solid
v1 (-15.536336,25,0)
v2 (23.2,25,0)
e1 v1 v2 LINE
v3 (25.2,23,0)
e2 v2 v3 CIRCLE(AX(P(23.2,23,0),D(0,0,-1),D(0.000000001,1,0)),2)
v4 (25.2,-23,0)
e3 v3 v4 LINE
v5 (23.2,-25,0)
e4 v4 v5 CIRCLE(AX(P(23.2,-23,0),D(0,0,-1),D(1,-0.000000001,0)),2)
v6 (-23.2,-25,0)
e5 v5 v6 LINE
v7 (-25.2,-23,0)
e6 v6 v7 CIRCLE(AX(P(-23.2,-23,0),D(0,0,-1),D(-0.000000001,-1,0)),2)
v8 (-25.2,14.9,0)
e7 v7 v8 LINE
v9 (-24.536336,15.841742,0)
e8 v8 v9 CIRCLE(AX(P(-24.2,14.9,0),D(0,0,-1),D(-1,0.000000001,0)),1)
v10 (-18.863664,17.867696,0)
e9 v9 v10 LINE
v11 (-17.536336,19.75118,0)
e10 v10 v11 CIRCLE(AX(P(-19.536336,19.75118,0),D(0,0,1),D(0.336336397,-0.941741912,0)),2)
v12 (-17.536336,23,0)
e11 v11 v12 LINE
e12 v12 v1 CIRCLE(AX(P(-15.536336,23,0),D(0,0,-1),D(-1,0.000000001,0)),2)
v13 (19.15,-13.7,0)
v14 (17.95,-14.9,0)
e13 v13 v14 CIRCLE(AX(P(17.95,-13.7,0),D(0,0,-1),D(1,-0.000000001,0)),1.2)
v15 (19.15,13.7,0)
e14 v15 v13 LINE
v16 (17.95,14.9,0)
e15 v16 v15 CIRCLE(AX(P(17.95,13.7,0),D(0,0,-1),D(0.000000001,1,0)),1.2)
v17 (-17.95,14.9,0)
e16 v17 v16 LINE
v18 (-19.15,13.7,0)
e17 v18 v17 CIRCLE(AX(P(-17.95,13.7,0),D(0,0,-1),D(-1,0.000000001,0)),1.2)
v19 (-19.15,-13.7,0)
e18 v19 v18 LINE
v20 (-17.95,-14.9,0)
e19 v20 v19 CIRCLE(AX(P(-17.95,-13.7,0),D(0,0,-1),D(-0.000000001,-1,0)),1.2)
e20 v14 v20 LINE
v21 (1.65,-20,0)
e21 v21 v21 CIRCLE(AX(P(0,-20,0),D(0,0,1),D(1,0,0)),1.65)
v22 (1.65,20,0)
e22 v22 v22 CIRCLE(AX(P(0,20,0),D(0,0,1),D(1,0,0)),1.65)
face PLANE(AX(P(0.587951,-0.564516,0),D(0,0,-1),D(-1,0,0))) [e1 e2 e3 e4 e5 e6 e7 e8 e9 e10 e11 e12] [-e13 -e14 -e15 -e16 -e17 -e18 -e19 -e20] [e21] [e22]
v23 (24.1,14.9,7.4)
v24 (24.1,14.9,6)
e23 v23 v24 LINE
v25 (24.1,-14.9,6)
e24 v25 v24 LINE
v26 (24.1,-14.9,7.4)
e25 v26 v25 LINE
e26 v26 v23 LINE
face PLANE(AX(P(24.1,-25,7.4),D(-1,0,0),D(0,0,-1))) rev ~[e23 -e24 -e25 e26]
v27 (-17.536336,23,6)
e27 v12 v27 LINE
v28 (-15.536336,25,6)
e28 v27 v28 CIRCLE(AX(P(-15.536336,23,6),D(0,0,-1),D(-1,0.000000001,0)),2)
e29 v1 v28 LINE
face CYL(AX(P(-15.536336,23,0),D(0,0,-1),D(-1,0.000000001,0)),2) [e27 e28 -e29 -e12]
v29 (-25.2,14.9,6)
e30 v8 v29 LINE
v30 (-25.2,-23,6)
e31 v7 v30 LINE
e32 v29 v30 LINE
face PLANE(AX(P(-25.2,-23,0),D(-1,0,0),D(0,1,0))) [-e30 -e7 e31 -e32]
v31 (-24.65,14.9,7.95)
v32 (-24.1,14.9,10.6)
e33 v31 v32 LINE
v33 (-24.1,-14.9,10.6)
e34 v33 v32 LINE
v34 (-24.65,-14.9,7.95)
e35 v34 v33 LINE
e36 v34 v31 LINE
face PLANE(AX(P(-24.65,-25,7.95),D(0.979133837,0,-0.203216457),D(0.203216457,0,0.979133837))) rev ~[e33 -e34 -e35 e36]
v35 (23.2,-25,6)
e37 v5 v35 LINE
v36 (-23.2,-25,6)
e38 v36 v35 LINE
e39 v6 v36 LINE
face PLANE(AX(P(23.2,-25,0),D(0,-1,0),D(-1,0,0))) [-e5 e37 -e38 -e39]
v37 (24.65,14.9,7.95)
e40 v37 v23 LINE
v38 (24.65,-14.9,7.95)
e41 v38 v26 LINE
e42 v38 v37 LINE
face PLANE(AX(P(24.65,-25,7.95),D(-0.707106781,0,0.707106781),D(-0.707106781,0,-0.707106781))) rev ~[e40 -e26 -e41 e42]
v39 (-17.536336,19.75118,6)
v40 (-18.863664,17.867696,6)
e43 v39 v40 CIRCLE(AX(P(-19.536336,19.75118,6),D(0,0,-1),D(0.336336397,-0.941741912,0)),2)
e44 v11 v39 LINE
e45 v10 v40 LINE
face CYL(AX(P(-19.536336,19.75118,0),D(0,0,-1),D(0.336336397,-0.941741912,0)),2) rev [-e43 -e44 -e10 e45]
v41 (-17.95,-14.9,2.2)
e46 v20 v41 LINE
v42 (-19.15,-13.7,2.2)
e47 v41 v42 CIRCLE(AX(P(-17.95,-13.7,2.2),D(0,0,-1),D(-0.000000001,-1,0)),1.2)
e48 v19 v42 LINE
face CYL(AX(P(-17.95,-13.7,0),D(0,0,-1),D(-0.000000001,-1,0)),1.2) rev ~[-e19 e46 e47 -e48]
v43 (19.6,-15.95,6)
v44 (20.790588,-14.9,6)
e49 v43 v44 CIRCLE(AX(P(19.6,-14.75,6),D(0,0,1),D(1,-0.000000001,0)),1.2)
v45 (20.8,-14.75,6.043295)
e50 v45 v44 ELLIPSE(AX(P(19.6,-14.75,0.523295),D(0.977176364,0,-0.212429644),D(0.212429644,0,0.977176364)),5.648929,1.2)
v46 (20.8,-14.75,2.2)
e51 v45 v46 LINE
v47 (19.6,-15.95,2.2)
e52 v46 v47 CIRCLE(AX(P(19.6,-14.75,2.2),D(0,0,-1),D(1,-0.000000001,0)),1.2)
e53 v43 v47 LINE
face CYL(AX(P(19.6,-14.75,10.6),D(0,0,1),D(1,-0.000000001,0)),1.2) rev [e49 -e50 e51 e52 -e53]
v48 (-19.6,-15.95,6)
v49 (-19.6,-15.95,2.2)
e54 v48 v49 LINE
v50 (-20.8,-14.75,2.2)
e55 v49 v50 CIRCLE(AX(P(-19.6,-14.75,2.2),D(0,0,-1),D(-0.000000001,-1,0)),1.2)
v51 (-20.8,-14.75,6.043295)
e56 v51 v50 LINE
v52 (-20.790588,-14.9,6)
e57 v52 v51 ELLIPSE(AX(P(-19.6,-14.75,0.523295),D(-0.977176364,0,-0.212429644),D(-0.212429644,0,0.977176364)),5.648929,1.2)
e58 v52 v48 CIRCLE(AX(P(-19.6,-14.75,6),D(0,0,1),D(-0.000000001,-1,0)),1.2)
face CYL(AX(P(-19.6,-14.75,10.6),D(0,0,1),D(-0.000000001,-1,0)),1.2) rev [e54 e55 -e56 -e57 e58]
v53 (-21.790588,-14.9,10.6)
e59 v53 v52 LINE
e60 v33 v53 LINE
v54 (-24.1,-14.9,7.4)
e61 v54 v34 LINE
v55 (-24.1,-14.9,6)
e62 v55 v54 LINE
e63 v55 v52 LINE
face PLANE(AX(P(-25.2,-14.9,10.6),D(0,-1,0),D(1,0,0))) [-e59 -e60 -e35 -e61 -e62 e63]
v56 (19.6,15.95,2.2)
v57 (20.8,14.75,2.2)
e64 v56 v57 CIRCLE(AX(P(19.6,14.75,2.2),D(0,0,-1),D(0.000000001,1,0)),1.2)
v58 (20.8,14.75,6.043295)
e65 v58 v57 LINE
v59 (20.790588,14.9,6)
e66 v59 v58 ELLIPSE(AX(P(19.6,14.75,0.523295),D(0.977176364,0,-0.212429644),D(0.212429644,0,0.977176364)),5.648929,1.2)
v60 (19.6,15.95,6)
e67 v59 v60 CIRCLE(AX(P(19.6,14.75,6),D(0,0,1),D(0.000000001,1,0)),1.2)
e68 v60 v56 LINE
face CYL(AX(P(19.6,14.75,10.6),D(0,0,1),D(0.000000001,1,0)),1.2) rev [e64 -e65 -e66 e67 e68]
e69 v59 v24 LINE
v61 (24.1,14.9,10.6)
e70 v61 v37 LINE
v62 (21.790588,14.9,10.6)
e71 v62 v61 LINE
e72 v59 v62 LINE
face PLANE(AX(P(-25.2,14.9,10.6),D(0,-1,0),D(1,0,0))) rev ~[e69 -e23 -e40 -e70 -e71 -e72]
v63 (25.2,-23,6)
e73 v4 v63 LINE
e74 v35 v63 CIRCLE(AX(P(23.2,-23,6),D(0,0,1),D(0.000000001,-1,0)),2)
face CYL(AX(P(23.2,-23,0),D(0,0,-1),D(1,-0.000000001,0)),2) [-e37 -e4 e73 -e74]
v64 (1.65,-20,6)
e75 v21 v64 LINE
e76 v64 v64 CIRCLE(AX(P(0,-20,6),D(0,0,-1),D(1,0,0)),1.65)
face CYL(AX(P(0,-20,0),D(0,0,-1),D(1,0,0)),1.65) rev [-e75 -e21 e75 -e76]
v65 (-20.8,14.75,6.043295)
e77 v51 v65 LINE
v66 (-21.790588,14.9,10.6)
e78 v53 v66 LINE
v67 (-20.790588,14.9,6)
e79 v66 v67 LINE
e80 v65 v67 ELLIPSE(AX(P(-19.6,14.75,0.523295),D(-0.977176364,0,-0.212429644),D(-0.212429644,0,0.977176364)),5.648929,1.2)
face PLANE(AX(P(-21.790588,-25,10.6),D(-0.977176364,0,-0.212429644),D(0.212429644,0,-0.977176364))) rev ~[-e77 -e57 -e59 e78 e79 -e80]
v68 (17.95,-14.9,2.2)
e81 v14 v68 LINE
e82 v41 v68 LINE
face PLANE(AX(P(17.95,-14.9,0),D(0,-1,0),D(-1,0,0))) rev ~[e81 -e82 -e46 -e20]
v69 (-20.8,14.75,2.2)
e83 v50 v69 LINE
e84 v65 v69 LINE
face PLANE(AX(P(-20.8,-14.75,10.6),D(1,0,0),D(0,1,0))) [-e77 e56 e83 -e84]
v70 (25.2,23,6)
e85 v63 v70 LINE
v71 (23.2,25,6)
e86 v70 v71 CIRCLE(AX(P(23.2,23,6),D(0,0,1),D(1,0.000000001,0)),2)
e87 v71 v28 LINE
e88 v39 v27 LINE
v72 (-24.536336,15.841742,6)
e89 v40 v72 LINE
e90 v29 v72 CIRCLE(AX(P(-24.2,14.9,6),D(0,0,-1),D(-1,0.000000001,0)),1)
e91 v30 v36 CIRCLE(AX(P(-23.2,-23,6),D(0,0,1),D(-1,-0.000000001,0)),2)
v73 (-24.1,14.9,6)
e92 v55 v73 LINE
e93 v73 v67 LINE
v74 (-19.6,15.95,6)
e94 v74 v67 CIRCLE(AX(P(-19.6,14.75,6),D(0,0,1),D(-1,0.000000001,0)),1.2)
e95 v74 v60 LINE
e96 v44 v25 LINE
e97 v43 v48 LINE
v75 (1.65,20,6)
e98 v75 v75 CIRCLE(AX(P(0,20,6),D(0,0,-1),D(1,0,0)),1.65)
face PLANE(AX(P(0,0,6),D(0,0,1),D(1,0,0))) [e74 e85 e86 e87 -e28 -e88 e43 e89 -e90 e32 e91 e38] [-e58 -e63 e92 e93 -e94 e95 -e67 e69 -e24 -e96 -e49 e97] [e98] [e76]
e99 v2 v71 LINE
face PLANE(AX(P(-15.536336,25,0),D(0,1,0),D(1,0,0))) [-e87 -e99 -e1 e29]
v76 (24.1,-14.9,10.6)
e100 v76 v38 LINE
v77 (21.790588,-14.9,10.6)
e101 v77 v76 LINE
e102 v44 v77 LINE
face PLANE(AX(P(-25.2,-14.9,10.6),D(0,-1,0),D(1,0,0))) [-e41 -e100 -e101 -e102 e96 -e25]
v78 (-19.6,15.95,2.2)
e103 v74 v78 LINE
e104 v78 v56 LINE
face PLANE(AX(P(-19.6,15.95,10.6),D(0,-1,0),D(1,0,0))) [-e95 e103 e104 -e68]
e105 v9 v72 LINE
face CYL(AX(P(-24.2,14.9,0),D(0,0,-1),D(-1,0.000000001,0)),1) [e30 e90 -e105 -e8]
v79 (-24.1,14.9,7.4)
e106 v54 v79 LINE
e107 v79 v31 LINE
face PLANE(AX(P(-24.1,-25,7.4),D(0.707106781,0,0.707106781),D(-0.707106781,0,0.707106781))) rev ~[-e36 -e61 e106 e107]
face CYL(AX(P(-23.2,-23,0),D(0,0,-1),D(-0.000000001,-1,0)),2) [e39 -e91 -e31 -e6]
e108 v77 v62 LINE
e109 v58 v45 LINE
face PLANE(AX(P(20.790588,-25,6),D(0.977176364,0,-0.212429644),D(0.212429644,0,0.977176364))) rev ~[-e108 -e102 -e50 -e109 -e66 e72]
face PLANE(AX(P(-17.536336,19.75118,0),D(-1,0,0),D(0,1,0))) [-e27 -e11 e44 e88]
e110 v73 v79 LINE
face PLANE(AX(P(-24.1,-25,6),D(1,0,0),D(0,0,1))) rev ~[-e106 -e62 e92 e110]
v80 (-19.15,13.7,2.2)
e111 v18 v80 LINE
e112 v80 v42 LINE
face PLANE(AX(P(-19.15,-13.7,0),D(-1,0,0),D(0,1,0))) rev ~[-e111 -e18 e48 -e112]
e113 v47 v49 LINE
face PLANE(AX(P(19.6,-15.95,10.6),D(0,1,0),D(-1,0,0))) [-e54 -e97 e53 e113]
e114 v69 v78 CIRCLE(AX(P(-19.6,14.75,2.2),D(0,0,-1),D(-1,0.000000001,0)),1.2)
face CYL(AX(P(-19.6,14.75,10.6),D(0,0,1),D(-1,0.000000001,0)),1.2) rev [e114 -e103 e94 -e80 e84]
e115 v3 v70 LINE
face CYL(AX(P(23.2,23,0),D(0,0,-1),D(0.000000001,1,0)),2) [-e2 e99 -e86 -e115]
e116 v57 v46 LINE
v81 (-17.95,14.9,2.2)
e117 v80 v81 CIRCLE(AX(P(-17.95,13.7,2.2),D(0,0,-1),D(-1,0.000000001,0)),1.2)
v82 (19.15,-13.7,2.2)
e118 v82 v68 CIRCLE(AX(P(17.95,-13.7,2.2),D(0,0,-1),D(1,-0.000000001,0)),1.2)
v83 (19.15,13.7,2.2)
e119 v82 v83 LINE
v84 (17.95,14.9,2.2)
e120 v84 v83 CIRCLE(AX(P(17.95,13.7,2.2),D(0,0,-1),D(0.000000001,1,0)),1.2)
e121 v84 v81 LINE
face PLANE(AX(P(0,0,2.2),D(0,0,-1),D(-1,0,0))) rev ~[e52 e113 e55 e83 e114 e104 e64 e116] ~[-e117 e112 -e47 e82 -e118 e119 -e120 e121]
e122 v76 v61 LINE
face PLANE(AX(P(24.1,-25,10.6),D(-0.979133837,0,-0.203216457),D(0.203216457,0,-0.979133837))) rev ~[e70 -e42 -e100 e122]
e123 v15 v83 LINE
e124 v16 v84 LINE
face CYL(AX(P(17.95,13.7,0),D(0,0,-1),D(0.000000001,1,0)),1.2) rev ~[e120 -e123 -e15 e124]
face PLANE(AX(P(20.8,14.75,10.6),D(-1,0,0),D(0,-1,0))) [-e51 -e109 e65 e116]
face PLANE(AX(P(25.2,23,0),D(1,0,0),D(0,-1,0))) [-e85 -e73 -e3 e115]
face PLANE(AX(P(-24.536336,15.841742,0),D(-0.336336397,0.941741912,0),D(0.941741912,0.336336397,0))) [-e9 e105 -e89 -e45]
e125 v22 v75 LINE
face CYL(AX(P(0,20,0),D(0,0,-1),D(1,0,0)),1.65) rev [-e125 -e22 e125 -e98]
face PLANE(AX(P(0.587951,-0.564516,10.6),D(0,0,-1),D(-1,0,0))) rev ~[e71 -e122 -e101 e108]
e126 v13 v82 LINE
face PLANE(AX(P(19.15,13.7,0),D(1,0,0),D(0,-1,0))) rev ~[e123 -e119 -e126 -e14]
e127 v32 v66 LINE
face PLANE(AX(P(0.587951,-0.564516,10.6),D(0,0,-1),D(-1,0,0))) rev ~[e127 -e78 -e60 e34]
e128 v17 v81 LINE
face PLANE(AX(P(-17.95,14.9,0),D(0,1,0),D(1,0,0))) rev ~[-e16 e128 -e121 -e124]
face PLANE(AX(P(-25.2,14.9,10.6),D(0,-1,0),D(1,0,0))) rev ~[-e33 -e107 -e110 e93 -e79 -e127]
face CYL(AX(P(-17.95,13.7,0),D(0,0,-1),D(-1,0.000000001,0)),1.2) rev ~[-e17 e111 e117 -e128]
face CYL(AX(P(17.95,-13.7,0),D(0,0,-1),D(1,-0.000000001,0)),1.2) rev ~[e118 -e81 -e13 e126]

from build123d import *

# Parameters (mm, degrees)
SKETCH1_R           = 1.65
BOSS_EXTRUDE1_DEPTH = 10.6
SKETCH2_OUTSIDE_W   = 66.756
SKETCH2_OUTSIDE_H   = 66.356
SKETCH2_OUTSIDE_W_2 = 50.4
SKETCH2_OUTSIDE_H_2 = 29.8
CUT_EXTRUDE1_DEPTH  = 4.6
CUT_EXTRUDE2_DEPTH  = 8.4
SKETCH4_OUTSIDE_W   = 66.756
SKETCH4_OUTSIDE_H   = 26.956
CUT_EXTRUDE3_DEPTH  = 50


with BuildPart() as part:
    # Sketch1 → Boss-Extrude1 (new body)
    with BuildSketch(Plane.XY):
        with BuildLine():
            Line((-17.536336397, 19.751180304), (-17.536336397, 23))
            ThreePointArc((-17.536336397, 23), (-16.950549959, 24.414213562), (-15.536336397, 25))
            Line((-15.536336397, 25), (23.2, 25))
            ThreePointArc((23.2, 25), (24.614213562, 24.414213562), (25.2, 23))
            Line((25.2, 23), (25.2, -23))
            ThreePointArc((25.2, -23), (24.614213562, -24.414213562), (23.2, -25))
            Line((23.2, -25), (-23.2, -25))
            ThreePointArc((-23.2, -25), (-24.614213562, -24.414213562), (-25.2, -23))
            Line((-25.2, -23), (-25.2, 14.9))
            ThreePointArc((-25.2, 14.9), (-25.01741556, 15.476048437), (-24.536336397, 15.841741912))
            Line((-24.536336397, 15.841741912), (-18.863663603, 17.867696481))
            ThreePointArc((-18.863663603, 17.867696481), (-17.901505276, 18.599083431), (-17.536336397, 19.751180304))
        make_face()
        with Locations((0, 20)):
            Circle(SKETCH1_R, mode=Mode.SUBTRACT)
        with Locations((0, -20)):
            Circle(SKETCH1_R, mode=Mode.SUBTRACT)
        with BuildLine():
            Line((-19.15, -13.7), (-19.15, 13.7))
            ThreePointArc((-19.15, 13.7), (-18.798528137, 14.548528137), (-17.95, 14.9))
            Line((-17.95, 14.9), (17.95, 14.9))
            ThreePointArc((17.95, 14.9), (18.798528137, 14.548528137), (19.15, 13.7))
            Line((19.15, 13.7), (19.15, -13.7))
            ThreePointArc((19.15, -13.7), (18.798528137, -14.548528137), (17.95, -14.9))
            Line((17.95, -14.9), (-17.95, -14.9))
            ThreePointArc((-17.95, -14.9), (-18.798528137, -14.548528137), (-19.15, -13.7))
        make_face(mode=Mode.SUBTRACT)
    extrude(amount=BOSS_EXTRUDE1_DEPTH)

    # Sketch2 outside → Cut-Extrude1 (cut)
    with BuildSketch(Plane.XY.offset(10.6)):
        Rectangle(SKETCH2_OUTSIDE_W, SKETCH2_OUTSIDE_H)
        Rectangle(SKETCH2_OUTSIDE_W_2, SKETCH2_OUTSIDE_H_2, mode=Mode.SUBTRACT)
    extrude(amount=-CUT_EXTRUDE1_DEPTH, mode=Mode.SUBTRACT)

    # Sketch3 → Cut-Extrude2 (cut)
    with BuildSketch(Plane.XY.offset(10.6)):
        with BuildLine():
            Line((-20.8, -14.75), (-20.8, 14.75))
            ThreePointArc((-20.8, 14.75), (-20.448528137, 15.598528137), (-19.6, 15.95))
            Line((-19.6, 15.95), (19.6, 15.95))
            ThreePointArc((19.6, 15.95), (20.448528137, 15.598528137), (20.8, 14.75))
            Line((20.8, 14.75), (20.8, -14.75))
            ThreePointArc((20.8, -14.75), (20.448528137, -15.598528137), (19.6, -15.95))
            Line((19.6, -15.95), (-19.6, -15.95))
            ThreePointArc((-19.6, -15.95), (-20.448528137, -15.598528137), (-20.8, -14.75))
        make_face()
    extrude(amount=-CUT_EXTRUDE2_DEPTH, mode=Mode.SUBTRACT)

    # Sketch4 outside → Cut-Extrude3 (cut)
    with BuildSketch(Plane.XZ.offset(25)):
        with Locations((0, 5.3)):
            Rectangle(SKETCH4_OUTSIDE_W, SKETCH4_OUTSIDE_H)
        Polygon((-24.1, 7.4), (-24.65, 7.95), (-24.1, 10.6), (-21.79058809, 10.6), (-20.79058809, 6), (20.79058809, 6), (21.79058809, 10.6), (24.1, 10.6), (24.65, 7.95), (24.1, 7.4), (24.1, 6), (25.2, 6), (25.2, 0), (-25.2, 0), (-25.2, 6), (-24.1, 6), align=None, mode=Mode.SUBTRACT)
    extrude(amount=-CUT_EXTRUDE3_DEPTH, mode=Mode.SUBTRACT)


solid = part.part
